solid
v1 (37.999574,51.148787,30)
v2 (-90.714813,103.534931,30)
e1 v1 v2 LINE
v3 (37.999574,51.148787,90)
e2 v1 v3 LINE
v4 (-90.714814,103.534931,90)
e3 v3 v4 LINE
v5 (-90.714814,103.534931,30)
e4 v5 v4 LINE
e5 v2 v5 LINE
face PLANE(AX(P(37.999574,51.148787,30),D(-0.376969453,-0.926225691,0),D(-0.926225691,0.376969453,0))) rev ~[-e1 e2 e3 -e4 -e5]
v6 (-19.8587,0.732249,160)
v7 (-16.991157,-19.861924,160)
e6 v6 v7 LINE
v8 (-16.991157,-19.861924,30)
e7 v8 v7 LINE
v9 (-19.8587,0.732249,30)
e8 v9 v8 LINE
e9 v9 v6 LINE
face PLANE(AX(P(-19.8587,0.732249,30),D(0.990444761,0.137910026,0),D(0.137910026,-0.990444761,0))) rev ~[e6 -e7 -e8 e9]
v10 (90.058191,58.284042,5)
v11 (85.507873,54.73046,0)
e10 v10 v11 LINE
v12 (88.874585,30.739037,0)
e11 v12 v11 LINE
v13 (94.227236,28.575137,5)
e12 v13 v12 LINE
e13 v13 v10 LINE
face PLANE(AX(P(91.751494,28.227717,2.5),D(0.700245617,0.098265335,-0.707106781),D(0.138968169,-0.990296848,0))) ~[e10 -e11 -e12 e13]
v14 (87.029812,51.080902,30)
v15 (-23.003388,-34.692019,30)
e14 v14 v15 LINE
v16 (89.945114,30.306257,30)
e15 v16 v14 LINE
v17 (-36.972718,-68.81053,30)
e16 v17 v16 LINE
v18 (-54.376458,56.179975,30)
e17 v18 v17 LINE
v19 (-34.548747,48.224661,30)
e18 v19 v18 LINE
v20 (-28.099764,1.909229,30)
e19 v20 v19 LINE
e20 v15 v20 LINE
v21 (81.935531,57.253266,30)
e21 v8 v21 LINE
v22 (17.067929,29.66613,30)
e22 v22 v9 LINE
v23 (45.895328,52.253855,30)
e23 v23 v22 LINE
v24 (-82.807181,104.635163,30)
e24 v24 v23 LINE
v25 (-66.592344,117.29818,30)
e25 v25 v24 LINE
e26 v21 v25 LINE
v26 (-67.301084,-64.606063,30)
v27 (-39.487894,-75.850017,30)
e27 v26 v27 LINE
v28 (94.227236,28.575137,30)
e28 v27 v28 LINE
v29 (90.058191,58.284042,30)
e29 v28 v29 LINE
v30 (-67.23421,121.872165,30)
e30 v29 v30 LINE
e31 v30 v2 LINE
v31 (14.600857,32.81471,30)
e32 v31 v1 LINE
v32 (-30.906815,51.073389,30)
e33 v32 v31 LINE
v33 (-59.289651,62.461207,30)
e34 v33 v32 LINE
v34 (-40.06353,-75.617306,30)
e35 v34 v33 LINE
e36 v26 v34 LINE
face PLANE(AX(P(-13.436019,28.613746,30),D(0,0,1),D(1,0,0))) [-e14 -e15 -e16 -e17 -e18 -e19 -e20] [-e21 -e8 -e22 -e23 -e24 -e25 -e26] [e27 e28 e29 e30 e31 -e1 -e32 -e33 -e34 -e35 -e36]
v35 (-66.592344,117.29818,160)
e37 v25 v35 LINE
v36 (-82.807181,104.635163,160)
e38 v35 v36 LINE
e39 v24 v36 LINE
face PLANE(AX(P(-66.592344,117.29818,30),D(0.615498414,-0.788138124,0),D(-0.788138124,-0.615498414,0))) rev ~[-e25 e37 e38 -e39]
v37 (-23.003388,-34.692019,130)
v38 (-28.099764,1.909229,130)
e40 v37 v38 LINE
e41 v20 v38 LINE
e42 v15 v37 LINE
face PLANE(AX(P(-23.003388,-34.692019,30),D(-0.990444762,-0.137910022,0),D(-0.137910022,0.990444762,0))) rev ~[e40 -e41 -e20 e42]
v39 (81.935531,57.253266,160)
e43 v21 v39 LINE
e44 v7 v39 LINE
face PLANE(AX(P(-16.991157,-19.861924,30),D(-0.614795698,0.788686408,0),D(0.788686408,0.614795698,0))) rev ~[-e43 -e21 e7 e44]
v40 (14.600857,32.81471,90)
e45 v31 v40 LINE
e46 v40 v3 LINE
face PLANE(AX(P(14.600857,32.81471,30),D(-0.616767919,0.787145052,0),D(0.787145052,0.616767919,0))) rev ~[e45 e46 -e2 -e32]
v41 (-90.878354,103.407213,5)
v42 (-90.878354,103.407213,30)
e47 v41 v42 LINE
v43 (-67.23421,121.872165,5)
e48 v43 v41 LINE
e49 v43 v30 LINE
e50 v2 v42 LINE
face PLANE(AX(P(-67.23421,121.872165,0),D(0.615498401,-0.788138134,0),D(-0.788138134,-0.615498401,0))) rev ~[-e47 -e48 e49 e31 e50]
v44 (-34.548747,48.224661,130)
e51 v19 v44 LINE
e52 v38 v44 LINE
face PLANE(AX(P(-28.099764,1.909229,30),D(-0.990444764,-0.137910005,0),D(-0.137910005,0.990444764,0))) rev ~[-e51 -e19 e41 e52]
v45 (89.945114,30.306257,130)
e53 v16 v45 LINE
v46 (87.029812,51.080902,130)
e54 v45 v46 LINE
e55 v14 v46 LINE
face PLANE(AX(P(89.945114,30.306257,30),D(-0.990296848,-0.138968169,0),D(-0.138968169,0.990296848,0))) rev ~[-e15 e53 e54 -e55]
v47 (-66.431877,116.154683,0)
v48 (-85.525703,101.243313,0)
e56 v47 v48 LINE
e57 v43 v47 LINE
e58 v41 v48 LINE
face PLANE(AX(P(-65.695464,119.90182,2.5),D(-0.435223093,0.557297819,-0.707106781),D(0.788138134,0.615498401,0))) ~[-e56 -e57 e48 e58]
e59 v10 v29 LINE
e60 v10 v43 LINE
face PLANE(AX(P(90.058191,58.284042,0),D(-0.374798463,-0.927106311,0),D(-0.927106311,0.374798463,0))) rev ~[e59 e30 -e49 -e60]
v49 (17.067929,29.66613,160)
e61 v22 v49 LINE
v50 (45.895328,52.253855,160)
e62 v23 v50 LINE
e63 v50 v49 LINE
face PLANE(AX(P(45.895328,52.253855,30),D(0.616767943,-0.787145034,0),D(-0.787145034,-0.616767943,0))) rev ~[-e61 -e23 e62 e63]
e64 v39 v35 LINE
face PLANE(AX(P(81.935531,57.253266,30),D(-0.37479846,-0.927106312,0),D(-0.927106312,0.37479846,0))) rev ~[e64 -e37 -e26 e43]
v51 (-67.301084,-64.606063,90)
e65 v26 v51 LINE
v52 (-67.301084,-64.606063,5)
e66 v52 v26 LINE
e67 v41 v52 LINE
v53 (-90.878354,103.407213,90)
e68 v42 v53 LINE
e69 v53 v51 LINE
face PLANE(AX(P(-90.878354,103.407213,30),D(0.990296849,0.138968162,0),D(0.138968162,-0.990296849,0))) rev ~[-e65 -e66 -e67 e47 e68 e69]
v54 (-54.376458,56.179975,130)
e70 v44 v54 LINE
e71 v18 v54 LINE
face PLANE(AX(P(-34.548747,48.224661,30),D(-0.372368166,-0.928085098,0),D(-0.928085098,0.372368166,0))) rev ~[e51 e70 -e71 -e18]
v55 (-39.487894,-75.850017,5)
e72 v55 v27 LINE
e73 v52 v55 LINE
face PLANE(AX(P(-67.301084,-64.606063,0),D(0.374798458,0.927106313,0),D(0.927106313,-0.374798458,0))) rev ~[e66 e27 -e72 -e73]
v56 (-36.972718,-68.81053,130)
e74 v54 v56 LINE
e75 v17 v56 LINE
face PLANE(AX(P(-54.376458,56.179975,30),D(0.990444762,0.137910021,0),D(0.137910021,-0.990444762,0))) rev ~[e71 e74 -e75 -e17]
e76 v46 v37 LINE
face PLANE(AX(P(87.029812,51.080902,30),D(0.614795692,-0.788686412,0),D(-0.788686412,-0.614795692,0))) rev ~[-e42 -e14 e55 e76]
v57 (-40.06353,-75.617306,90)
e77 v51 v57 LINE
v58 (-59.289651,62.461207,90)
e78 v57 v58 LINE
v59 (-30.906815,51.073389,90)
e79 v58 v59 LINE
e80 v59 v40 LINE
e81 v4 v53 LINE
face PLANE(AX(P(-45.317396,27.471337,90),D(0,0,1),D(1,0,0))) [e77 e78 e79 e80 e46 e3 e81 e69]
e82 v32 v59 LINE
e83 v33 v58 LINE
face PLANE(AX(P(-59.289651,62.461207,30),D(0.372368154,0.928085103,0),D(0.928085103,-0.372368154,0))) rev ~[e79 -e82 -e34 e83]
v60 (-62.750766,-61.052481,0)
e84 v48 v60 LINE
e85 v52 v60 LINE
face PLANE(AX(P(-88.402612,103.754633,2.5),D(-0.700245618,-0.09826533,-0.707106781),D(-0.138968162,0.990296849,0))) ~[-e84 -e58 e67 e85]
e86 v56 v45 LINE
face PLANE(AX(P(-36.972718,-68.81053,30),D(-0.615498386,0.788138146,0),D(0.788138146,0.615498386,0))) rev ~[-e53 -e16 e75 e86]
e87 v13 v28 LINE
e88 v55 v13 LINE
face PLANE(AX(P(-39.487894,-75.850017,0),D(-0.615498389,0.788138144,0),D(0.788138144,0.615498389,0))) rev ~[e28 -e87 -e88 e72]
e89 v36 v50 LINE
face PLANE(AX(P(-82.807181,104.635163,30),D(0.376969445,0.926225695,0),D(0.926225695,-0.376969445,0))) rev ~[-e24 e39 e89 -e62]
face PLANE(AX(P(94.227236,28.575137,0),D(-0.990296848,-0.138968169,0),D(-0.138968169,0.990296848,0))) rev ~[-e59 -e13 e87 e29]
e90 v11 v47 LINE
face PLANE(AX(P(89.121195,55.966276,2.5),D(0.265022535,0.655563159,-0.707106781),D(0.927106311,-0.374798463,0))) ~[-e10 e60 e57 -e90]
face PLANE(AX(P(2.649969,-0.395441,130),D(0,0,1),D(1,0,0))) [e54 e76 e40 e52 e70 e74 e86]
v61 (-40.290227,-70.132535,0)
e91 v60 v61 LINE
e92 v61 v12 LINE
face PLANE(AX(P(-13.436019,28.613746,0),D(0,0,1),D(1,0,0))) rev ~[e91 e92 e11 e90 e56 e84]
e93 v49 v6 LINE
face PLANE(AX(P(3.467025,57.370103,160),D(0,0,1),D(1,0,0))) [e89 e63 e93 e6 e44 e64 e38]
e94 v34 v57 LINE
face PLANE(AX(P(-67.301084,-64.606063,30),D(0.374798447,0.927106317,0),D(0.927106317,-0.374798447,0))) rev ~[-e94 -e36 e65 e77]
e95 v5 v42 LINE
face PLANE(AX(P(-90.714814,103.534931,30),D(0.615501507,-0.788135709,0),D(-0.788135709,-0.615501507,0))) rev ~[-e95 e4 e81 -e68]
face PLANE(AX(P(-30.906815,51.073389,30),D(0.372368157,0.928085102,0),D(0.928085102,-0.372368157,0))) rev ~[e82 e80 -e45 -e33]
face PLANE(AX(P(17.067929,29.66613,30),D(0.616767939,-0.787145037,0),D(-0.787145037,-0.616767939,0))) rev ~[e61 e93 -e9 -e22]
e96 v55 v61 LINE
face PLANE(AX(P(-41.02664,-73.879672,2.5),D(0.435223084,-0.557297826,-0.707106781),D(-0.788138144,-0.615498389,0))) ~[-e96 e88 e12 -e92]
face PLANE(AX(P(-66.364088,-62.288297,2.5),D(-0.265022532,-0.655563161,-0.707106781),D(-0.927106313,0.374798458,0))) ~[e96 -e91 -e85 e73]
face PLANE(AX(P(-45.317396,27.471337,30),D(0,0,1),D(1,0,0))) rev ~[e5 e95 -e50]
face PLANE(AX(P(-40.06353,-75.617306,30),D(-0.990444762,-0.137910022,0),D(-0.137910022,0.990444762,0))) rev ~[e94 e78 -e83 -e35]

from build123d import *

# Parameters (mm, degrees)
F1_DEPTH = 30
F5_DEPTH = 60
F6_DEPTH = 100
F7_DEPTH = 130
F8_SIZE  = 5


with BuildPart() as f1:
    # F0 (on Top) → F1 (new body)
    with BuildSketch(Plane.XY):
        Polygon((-39.487894, -75.850017), (94.227236, 28.575137), (90.058191, 58.284042), (-67.23421, 121.872165), (-90.878354, 103.407213), (-67.301084, -64.606063), align=None)
    extrude(amount=F1_DEPTH)

    # F2 (on face) → F5 (join)
    with BuildSketch(Plane.XY.offset(30)):
        Polygon((14.600857, 32.81471), (37.999574, 51.148787), (-90.714814, 103.534931), (-90.878354, 103.407213), (-67.301084, -64.606063), (-40.06353, -75.617306), (-59.289651, 62.461207), (-30.906815, 51.073389), align=None)
    extrude(amount=F5_DEPTH)

    # F4 (on face) → F6 (join)
    with BuildSketch(Plane.XY.offset(30)):
        Polygon((87.029812, 51.080902), (-23.003388, -34.692019), (-28.099764, 1.909229), (-34.548747, 48.224661), (-54.376458, 56.179975), (-36.972718, -68.81053), (89.945114, 30.306257), align=None)
    extrude(amount=F6_DEPTH)

    # F3 (on face) → F7 (join)
    with BuildSketch(Plane.XY.offset(30)):
        Polygon((17.067929, 29.66613), (-19.8587, 0.732249), (-16.991157, -19.861924), (81.935531, 57.253266), (-66.592344, 117.29818), (-82.807181, 104.635163), (45.895328, 52.253855), align=None)
    extrude(amount=F7_DEPTH)

    # F8
    f8_edges = [f1.edges().sort_by_distance(p)[0] for p in [
        (11.41199, 90.078103, 0),
        (92.142713, 43.429589, 0),
        (27.369671, -23.63744, 0),
        (-79.056282, 112.639689, 0),
        (-79.089719, 19.400575, 0),
        (-53.394489, -70.22804, 0),
    ]]
    chamfer(f8_edges, length=F8_SIZE)


solid = f1.part
